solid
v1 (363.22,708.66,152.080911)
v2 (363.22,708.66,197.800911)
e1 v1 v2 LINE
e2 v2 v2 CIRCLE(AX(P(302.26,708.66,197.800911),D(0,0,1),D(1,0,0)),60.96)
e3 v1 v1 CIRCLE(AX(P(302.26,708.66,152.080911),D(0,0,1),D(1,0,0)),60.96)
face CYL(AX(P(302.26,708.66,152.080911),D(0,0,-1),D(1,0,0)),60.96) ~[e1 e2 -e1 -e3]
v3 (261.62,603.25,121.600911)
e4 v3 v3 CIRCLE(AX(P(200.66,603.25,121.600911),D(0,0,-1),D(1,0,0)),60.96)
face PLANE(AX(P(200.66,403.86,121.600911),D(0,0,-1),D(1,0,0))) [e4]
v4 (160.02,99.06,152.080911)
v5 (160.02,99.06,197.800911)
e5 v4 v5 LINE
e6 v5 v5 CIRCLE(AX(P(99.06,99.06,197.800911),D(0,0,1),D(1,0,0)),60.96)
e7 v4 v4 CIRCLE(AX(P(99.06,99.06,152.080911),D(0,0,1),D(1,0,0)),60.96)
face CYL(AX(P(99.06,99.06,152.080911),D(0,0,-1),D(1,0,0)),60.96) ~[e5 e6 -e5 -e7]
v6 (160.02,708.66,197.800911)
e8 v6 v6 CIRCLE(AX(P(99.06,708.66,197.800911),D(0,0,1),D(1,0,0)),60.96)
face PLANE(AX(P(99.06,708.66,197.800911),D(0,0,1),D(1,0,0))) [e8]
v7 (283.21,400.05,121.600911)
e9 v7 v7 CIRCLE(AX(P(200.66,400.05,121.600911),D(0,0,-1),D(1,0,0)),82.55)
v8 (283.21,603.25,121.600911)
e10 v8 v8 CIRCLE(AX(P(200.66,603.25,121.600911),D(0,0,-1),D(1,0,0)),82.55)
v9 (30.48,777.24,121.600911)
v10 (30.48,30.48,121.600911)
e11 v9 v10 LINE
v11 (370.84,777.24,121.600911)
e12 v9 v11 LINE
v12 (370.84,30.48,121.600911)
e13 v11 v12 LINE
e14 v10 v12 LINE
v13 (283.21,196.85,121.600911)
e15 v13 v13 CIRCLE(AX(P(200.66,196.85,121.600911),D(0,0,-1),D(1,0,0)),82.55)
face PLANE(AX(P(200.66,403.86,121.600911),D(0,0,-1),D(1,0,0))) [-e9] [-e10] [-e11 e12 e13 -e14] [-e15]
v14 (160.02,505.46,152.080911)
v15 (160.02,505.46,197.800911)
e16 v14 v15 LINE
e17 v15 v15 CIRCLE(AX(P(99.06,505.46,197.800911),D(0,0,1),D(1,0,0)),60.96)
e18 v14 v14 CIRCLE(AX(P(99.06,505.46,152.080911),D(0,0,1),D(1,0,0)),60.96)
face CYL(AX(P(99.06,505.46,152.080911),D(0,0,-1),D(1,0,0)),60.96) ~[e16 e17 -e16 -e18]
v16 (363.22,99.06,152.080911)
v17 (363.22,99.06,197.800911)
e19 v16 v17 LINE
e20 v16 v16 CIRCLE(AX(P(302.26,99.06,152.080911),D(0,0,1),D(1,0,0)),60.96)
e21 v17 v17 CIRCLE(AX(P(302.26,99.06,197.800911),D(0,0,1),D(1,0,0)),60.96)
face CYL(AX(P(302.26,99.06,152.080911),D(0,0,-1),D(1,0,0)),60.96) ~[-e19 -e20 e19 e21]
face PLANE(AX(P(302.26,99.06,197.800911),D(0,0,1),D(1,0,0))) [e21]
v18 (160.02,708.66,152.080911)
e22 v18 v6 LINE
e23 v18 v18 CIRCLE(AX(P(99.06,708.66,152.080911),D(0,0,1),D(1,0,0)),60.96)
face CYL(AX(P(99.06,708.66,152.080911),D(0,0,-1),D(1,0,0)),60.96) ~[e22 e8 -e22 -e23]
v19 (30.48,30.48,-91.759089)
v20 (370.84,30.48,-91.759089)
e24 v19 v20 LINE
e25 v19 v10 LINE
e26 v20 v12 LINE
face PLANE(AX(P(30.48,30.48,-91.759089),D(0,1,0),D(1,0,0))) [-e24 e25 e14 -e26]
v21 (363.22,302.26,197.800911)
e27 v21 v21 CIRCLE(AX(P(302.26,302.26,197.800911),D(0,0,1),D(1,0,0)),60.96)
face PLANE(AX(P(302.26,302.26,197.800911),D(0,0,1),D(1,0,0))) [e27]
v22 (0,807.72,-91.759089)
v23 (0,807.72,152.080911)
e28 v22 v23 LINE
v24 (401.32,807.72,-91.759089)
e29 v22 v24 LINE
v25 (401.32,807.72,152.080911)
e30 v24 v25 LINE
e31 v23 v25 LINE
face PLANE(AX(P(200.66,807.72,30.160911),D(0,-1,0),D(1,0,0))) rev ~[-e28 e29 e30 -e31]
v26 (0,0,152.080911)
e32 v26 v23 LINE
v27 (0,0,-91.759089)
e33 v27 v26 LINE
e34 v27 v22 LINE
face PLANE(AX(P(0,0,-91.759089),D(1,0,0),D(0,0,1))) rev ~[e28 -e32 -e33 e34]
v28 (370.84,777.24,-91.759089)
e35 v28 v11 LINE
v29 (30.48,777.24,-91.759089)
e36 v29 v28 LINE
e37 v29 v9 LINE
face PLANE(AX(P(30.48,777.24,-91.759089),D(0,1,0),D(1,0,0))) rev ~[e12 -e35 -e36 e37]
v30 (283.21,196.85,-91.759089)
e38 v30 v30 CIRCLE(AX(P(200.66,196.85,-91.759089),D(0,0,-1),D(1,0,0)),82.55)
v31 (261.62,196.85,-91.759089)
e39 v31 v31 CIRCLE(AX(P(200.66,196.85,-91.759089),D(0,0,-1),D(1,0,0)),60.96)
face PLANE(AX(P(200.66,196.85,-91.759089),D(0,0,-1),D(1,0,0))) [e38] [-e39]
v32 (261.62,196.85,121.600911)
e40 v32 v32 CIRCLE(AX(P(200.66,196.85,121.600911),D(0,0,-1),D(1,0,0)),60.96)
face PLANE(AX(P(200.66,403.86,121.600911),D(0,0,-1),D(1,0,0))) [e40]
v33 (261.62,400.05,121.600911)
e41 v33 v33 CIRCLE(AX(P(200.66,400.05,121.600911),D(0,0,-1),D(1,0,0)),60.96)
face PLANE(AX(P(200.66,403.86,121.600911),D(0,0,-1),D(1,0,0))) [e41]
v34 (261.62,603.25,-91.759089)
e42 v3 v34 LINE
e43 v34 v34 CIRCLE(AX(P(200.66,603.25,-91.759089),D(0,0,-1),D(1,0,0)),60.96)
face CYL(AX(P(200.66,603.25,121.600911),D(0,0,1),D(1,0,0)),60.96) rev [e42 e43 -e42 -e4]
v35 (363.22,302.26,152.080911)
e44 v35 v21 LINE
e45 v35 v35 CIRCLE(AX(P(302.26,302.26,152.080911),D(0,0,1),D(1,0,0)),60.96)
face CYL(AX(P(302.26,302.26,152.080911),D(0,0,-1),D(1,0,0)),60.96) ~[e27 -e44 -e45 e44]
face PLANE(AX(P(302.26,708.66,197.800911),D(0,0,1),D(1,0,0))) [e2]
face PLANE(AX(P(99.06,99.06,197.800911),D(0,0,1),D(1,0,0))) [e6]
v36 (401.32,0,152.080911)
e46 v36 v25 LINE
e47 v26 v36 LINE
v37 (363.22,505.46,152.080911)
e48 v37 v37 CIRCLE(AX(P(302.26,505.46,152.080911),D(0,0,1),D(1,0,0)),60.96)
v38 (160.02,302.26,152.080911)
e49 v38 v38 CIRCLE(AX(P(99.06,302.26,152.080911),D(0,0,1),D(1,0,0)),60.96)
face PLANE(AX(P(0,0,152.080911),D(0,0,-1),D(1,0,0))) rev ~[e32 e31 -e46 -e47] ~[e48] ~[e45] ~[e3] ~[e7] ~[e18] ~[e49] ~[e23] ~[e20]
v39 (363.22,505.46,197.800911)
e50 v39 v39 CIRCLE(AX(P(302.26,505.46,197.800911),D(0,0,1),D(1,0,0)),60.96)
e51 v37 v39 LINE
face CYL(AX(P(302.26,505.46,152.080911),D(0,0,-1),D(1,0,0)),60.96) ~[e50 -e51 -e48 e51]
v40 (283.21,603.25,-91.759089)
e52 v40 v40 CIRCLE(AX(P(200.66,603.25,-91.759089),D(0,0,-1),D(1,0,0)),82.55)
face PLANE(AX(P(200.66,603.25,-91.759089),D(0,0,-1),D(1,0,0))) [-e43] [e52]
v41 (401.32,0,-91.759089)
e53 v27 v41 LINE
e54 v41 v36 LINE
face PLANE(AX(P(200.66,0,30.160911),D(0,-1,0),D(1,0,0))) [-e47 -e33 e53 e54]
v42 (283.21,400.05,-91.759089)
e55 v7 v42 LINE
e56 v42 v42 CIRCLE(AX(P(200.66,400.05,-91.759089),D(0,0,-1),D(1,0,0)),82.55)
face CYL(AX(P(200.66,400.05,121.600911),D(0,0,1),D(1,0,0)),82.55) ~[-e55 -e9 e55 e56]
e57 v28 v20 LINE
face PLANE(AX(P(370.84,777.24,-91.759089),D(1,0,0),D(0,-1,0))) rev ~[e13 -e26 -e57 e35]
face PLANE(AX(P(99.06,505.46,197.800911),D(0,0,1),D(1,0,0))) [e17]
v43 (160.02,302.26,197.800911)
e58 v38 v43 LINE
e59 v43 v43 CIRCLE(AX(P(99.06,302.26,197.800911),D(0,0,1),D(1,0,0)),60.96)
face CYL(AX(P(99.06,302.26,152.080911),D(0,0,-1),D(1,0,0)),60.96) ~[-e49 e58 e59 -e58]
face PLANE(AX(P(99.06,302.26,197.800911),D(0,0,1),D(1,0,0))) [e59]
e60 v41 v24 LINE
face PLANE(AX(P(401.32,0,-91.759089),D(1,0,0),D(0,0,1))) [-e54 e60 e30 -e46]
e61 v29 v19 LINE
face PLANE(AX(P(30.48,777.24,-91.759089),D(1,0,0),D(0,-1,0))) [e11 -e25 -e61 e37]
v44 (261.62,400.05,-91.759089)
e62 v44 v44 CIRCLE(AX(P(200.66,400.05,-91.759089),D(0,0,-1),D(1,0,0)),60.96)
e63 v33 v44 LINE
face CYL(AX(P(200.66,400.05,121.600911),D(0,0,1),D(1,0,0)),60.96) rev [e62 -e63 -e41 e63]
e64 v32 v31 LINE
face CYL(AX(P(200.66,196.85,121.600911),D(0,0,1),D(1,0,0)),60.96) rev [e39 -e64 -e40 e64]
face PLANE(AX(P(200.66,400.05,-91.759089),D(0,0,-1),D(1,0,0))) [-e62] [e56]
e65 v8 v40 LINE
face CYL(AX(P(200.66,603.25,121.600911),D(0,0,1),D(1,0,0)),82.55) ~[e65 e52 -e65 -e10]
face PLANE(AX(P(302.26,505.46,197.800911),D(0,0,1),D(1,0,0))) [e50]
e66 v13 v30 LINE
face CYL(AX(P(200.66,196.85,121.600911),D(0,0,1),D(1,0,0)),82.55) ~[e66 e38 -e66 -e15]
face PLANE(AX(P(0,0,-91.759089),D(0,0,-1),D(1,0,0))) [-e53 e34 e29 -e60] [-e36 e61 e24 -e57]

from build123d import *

# Parameters (mm, degrees)
F0_W     = 401.32
F0_H     = 243.84
F1_DEPTH = 807.72
F2_R     = 60.96
F3_DEPTH = 45.72
F4_W     = 340.36
F4_H     = 746.76
F5_DEPTH = 213.36
F6_R     = 82.55
F6_R_2   = 60.96
F7_DEPTH = 213.36


with BuildPart() as f1:
    # F0 (on Front) → F1 (new body)
    with BuildSketch(Plane.XZ):
        with Locations((200.66, 30.160911)):
            Rectangle(F0_W, F0_H)
    extrude(amount=-F1_DEPTH)

    # F2 (on face) → F3 (join)
    with BuildSketch(Plane.XY.offset(152.080911)):
        with Locations((302.26, 302.26)):
            Circle(F2_R)
        with Locations((302.26, 99.06)):
            Circle(F2_R)
        with Locations((99.06, 99.06)):
            Circle(F2_R)
        with Locations((99.06, 302.26)):
            Circle(F2_R)
        with Locations((99.06, 505.46)):
            Circle(F2_R)
        with Locations((302.26, 505.46)):
            Circle(F2_R)
        with Locations((302.26, 708.66)):
            Circle(F2_R)
        with Locations((99.06, 708.66)):
            Circle(F2_R)
    extrude(amount=F3_DEPTH)

    # F4 (on face) → F5 (cut)
    with BuildSketch(Plane(origin=(0, 0, -91.759089), x_dir=(1, 0, 0), z_dir=(0, 0, -1))):
        with Locations((200.66, -403.86)):
            Rectangle(F4_W, F4_H)
    extrude(amount=-F5_DEPTH, mode=Mode.SUBTRACT)

    # F6 (on face) → F7 (join)
    with BuildSketch(Plane(origin=(0, 0, 121.600911), x_dir=(1, 0, 0), z_dir=(0, 0, -1))):
        with Locations((200.66, -196.85)):
            Circle(F6_R)
        with Locations((200.66, -196.85)):
            Circle(F6_R_2, mode=Mode.SUBTRACT)
        with Locations((200.66, -603.25)):
            Circle(F6_R)
        with Locations((200.66, -603.25)):
            Circle(F6_R_2, mode=Mode.SUBTRACT)
        with Locations((200.66, -400.05)):
            Circle(F6_R)
        with Locations((200.66, -400.05)):
            Circle(F6_R_2, mode=Mode.SUBTRACT)
    extrude(amount=F7_DEPTH)


solid = f1.part
